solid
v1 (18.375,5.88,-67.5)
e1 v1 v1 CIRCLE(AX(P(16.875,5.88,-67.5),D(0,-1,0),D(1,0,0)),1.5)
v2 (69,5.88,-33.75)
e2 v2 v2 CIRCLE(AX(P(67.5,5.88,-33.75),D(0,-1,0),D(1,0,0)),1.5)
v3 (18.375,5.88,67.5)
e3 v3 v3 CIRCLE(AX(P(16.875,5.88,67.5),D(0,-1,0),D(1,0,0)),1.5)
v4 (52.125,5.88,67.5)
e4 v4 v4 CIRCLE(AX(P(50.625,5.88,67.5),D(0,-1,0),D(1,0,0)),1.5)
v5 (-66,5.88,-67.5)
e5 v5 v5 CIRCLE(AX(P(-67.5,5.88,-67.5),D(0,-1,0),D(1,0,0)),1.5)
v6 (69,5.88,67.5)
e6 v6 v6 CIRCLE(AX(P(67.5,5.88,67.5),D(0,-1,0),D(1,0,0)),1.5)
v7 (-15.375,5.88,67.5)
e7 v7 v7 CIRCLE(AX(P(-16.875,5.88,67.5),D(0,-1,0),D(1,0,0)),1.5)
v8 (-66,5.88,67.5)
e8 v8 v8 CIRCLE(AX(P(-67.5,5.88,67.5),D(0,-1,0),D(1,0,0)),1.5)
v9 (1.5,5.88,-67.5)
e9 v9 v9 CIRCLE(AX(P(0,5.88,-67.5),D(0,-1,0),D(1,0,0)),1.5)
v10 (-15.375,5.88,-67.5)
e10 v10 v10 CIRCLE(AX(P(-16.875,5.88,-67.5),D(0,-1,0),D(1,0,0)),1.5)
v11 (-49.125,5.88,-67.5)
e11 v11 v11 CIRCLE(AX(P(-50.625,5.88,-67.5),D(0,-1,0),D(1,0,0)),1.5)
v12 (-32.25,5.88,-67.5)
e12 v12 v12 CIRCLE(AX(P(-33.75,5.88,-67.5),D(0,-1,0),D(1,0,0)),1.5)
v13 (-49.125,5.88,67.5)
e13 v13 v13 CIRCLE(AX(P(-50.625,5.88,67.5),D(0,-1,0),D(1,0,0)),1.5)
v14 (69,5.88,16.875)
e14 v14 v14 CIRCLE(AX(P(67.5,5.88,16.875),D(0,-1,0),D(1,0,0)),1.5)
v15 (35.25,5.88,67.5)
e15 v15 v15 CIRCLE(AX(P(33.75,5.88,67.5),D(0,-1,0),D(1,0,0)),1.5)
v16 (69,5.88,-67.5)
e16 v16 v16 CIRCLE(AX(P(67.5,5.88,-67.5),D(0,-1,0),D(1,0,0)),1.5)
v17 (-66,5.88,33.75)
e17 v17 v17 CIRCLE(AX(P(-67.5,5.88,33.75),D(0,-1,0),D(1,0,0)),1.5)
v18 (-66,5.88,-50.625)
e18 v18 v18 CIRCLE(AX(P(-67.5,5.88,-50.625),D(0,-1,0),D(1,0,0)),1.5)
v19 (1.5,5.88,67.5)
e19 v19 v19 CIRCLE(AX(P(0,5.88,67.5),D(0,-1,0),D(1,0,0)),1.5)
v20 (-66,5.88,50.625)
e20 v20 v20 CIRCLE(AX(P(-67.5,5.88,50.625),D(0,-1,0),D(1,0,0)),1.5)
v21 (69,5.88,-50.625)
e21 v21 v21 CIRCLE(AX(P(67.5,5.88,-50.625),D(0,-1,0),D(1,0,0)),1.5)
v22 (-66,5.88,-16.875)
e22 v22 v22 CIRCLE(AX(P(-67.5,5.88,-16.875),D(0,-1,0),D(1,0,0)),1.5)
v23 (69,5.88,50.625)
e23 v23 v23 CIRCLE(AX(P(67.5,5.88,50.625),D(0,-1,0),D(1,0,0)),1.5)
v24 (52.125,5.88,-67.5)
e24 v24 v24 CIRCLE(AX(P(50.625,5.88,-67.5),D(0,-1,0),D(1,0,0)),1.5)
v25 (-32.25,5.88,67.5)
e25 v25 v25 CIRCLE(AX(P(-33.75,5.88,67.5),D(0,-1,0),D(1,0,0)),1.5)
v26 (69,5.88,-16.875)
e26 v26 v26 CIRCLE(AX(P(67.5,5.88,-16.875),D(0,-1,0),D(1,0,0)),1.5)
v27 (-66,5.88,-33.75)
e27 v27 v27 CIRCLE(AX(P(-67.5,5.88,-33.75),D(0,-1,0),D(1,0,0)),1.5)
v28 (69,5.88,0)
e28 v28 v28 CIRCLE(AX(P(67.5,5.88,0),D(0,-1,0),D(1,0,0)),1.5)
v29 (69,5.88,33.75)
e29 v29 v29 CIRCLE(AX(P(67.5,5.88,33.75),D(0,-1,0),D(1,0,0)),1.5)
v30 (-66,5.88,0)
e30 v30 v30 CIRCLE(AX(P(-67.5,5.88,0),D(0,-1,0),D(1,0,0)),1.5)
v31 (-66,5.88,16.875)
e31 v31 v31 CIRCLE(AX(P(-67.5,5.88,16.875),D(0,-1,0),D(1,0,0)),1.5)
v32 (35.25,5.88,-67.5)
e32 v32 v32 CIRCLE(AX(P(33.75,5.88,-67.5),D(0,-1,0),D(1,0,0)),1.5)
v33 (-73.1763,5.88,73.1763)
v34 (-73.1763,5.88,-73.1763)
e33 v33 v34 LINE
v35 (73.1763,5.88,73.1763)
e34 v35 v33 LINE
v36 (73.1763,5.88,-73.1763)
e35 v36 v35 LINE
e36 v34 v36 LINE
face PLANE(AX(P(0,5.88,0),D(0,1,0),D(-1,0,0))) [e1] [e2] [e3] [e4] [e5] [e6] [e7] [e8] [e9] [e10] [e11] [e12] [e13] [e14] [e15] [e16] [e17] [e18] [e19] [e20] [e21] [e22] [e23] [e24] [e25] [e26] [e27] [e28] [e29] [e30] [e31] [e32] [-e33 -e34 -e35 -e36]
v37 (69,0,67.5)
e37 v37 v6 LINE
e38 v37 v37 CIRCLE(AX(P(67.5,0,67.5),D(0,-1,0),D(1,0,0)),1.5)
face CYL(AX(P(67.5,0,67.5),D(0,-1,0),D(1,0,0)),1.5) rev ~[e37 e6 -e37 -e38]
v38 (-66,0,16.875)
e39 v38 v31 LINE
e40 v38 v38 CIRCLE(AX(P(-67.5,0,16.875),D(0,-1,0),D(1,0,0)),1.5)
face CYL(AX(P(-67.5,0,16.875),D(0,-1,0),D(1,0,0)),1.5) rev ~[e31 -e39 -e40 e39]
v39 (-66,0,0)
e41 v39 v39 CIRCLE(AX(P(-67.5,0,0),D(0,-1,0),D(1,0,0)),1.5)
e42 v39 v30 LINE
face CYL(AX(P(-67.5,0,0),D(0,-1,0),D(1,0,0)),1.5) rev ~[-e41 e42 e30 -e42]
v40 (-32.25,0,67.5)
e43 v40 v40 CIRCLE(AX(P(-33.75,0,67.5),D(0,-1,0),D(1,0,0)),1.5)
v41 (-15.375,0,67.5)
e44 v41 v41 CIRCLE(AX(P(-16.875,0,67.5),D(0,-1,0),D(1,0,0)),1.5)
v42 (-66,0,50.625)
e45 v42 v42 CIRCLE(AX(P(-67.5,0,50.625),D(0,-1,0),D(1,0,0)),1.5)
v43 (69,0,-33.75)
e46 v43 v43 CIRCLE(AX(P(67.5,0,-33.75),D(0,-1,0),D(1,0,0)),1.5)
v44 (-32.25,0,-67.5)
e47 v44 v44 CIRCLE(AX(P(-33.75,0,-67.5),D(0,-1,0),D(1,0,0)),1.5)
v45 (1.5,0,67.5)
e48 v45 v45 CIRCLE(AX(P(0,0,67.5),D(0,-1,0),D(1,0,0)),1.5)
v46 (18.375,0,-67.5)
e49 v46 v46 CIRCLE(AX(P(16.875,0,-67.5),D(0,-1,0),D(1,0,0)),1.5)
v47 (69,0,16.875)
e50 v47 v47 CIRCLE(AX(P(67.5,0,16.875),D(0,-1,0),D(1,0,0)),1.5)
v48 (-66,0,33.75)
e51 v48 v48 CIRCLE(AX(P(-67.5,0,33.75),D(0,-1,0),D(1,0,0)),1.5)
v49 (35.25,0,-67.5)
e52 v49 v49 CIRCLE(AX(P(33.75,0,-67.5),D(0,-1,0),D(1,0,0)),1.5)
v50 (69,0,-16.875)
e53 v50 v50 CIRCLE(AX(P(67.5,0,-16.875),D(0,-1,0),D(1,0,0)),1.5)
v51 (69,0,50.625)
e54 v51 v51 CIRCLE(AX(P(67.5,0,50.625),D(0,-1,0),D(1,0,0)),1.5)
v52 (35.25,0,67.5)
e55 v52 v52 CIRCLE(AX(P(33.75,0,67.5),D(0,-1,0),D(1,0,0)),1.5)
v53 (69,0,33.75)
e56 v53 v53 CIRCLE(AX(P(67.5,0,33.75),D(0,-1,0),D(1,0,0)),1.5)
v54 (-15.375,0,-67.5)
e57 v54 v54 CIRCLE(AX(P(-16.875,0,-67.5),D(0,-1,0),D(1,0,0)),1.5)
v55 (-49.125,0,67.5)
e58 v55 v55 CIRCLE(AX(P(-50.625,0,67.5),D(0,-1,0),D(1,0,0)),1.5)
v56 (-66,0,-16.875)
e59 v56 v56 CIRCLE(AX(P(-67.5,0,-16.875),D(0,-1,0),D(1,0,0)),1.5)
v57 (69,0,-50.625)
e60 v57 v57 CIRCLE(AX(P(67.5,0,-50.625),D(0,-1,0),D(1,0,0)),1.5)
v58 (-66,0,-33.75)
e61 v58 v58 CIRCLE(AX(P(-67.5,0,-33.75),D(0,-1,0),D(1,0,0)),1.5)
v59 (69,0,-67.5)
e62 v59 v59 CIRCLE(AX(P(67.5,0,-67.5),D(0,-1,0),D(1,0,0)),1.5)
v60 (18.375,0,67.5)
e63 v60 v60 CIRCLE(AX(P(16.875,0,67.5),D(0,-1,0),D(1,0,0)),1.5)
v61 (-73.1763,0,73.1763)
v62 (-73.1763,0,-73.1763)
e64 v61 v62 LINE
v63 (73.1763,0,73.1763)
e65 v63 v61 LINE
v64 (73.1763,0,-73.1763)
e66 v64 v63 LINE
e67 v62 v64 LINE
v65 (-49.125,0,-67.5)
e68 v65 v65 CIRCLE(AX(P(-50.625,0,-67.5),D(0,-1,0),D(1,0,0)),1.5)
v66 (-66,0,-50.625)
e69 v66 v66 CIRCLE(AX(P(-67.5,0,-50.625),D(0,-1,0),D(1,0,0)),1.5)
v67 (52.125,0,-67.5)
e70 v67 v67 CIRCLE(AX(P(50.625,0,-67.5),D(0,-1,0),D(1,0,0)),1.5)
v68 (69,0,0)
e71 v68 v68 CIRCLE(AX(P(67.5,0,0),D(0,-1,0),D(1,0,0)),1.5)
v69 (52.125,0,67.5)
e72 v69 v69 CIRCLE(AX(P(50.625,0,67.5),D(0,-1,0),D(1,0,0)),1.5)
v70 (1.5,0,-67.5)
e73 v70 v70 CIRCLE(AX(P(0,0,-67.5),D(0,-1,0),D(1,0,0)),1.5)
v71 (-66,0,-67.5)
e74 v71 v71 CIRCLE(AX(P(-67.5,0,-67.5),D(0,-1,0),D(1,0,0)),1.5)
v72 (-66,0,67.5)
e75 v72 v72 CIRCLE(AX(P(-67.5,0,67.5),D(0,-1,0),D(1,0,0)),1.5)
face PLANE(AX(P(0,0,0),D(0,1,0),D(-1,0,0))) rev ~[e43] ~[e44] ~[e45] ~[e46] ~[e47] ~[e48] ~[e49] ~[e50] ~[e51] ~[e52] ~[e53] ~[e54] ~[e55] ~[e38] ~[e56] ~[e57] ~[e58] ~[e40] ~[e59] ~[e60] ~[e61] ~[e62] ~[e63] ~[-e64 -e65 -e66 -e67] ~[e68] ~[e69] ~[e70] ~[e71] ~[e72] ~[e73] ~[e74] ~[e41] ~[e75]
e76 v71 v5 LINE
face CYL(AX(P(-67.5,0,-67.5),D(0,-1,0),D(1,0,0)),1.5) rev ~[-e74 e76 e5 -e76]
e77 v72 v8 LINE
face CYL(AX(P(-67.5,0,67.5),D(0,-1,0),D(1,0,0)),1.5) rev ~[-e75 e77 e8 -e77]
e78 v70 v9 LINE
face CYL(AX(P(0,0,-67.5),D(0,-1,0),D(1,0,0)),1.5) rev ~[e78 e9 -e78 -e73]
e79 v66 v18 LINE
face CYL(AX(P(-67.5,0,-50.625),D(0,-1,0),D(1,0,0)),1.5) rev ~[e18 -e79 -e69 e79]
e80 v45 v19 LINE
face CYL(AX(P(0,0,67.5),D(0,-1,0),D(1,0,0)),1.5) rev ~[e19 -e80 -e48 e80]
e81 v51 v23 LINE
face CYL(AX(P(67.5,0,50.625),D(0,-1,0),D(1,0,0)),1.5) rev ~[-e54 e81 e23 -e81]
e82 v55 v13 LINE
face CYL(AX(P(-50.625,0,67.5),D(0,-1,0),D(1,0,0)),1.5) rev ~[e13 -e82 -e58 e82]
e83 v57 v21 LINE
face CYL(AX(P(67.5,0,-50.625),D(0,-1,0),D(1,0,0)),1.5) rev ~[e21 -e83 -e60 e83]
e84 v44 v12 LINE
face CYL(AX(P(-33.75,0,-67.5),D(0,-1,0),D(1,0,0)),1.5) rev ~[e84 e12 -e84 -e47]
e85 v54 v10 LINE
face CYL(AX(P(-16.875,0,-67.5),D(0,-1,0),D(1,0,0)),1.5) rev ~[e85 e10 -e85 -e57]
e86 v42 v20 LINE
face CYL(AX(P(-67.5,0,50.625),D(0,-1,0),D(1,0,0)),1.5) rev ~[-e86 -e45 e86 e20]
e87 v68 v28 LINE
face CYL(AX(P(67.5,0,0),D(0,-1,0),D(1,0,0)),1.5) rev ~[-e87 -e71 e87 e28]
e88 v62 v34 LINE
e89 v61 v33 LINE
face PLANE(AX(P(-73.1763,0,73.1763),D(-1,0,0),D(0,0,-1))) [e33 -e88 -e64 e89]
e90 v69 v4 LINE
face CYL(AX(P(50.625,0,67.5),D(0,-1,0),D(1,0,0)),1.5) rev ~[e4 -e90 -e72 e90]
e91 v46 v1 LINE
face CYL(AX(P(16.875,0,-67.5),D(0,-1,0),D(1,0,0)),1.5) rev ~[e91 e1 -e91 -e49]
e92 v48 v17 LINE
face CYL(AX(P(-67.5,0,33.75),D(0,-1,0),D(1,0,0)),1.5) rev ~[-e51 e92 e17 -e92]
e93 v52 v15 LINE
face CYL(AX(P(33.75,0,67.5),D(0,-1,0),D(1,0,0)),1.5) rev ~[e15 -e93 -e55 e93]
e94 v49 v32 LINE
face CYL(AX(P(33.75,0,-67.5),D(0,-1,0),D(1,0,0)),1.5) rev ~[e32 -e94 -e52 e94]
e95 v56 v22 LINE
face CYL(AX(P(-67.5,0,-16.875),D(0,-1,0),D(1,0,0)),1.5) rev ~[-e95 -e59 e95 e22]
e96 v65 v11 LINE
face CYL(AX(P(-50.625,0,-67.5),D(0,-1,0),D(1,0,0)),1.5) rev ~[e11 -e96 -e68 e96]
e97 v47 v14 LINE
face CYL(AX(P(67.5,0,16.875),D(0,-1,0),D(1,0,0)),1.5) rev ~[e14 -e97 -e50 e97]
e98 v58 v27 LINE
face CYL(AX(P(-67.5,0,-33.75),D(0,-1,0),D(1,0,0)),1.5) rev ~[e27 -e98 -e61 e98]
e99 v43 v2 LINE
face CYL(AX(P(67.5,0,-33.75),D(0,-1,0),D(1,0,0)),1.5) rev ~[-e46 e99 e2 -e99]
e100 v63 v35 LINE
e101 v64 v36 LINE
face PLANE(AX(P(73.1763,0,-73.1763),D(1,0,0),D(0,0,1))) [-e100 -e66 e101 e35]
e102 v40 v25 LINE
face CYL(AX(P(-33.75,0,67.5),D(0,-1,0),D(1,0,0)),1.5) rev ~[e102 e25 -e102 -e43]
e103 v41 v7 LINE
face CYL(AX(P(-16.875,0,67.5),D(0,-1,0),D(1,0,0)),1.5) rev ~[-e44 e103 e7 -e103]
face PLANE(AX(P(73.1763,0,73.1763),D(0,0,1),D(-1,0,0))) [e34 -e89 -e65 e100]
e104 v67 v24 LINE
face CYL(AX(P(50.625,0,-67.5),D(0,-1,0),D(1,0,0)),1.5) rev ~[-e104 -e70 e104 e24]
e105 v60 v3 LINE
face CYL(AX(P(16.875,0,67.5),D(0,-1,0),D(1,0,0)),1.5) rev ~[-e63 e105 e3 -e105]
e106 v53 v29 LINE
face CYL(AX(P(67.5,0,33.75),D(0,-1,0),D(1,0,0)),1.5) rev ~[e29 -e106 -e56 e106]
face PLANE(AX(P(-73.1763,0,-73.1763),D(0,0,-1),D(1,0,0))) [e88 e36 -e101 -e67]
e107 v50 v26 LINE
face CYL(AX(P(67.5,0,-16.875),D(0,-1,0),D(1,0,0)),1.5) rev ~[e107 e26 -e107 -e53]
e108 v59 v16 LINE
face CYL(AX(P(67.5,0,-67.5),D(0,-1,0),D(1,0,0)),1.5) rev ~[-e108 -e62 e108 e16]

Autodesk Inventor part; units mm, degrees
ref_plane "YZ Plane" through (0, 0, 0) normal (1, 0, 0) x (0, 1, 0)
ref_plane "XZ Plane" through (0, 0, 0) normal (0, 1, 0) x (-1, 0, 0)
ref_plane "XY Plane" through (0, 0, 0) normal (0, 0, 1) x (1, 0, 0)
sketch "Sketch1" plane through (0, 0, 0) normal (0, 1, 0) x (-1, 0, 0)
  line L0 (-75, -75) -> (75, -75)
  line L1 (75, -75) -> (75, 75)
  line L2 (75, 75) -> (-75, 75)
  line L3 (-75, 75) -> (-75, -75)
  line L4 (-75, -75) -> (75, 75) construction
  line L5 (75, -75) -> (-75, 75) construction
  point P0 (0, 0)
  dimension "d0" = 150
  dimension "d1" = 150
extrude "Extrusion1" add sketch "Sketch1" along normal blind 5.88
sketch "Sketch2" plane through (0, 0, 0) normal (0, -1, 0) x (1, 0, 0)
  line L0 (75, -75) -> (-75, -75) projected
  line L1 (75, 75) -> (75, -75) projected
  line L2 (-75, 75) -> (75, 75) projected
  line L3 (-75, -75) -> (-75, 75) projected
  line L4 (-73.1763, -73.1763) -> (73.1763, -73.1763)
  line L5 (73.1763, -73.1763) -> (73.1763, 73.1763)
  line L6 (73.1763, 73.1763) -> (-73.1763, 73.1763)
  line L7 (-73.1763, 73.1763) -> (-73.1763, -73.1763)
  line L8 (-73.1763, -73.1763) -> (73.1763, 73.1763) construction
  line L9 (73.1763, -73.1763) -> (-73.1763, 73.1763) construction
  line L10 (-60, -60) -> (60, -60)
  line L11 (60, -60) -> (60, 60)
  line L12 (60, 60) -> (-60, 60)
  line L13 (-60, 60) -> (-60, -60)
  line L14 (-60, -60) -> (60, 60) construction
  line L15 (60, -60) -> (-60, 60) construction
  circle A0 centre (-67.5, 67.5) radius 1.5
  circle A1 centre (-50.625, 67.5) radius 1.5
  circle A2 centre (-33.75, 67.5) radius 1.5
  circle A3 centre (-16.875, 67.5) radius 1.5
  circle A4 centre (0, 67.5) radius 1.5
  circle A5 centre (16.875, 67.5) radius 1.5
  circle A6 centre (33.75, 67.5) radius 1.5
  circle A7 centre (50.625, 67.5) radius 1.5
  circle A8 centre (67.5, 67.5) radius 1.5
  circle A9 centre (-67.5, 50.625) radius 1.5
  circle A10 centre (-50.625, 50.625) radius 1.5
  circle A11 centre (-33.75, 50.625) radius 1.5
  circle A12 centre (-16.875, 50.625) radius 1.5
  circle A13 centre (0, 50.625) radius 1.5
  circle A14 centre (16.875, 50.625) radius 1.5
  circle A15 centre (33.75, 50.625) radius 1.5
  circle A16 centre (50.625, 50.625) radius 1.5
  circle A17 centre (67.5, 50.625) radius 1.5
  circle A18 centre (-67.5, 33.75) radius 1.5
  circle A19 centre (-50.625, 33.75) radius 1.5
  circle A20 centre (-33.75, 33.75) radius 1.5
  circle A21 centre (-16.875, 33.75) radius 1.5
  circle A22 centre (0, 33.75) radius 1.5
  circle A23 centre (16.875, 33.75) radius 1.5
  circle A24 centre (33.75, 33.75) radius 1.5
  circle A25 centre (50.625, 33.75) radius 1.5
  circle A26 centre (67.5, 33.75) radius 1.5
  circle A27 centre (-67.5, 16.875) radius 1.5
  circle A28 centre (-50.625, 16.875) radius 1.5
  circle A29 centre (-33.75, 16.875) radius 1.5
  circle A30 centre (-16.875, 16.875) radius 1.5
  circle A31 centre (0, 16.875) radius 1.5
  circle A32 centre (16.875, 16.875) radius 1.5
  circle A33 centre (33.75, 16.875) radius 1.5
  circle A34 centre (50.625, 16.875) radius 1.5
  circle A35 centre (67.5, 16.875) radius 1.5
  circle A36 centre (-67.5, 0) radius 1.5
  circle A37 centre (-50.625, 0) radius 1.5
  circle A38 centre (-33.75, 0) radius 1.5
  circle A39 centre (-16.875, 0) radius 1.5
  circle A40 centre (0, 0) radius 1.5
  circle A41 centre (16.875, 0) radius 1.5
  circle A42 centre (33.75, 0) radius 1.5
  circle A43 centre (50.625, 0) radius 1.5
  circle A44 centre (67.5, 0) radius 1.5
  circle A45 centre (-67.5, -16.875) radius 1.5
  circle A46 centre (-50.625, -16.875) radius 1.5
  circle A47 centre (-33.75, -16.875) radius 1.5
  circle A48 centre (-16.875, -16.875) radius 1.5
  circle A49 centre (0, -16.875) radius 1.5
  circle A50 centre (16.875, -16.875) radius 1.5
  circle A51 centre (33.75, -16.875) radius 1.5
  circle A52 centre (50.625, -16.875) radius 1.5
  circle A53 centre (67.5, -16.875) radius 1.5
  circle A54 centre (-67.5, -33.75) radius 1.5
  circle A55 centre (-50.625, -33.75) radius 1.5
  circle A56 centre (-33.75, -33.75) radius 1.5
  circle A57 centre (-16.875, -33.75) radius 1.5
  circle A58 centre (0, -33.75) radius 1.5
  circle A59 centre (16.875, -33.75) radius 1.5
  circle A60 centre (33.75, -33.75) radius 1.5
  circle A61 centre (50.625, -33.75) radius 1.5
  circle A62 centre (67.5, -33.75) radius 1.5
  circle A63 centre (-67.5, -50.625) radius 1.5
  circle A64 centre (-50.625, -50.625) radius 1.5
  circle A65 centre (-33.75, -50.625) radius 1.5
  circle A66 centre (-16.875, -50.625) radius 1.5
  circle A67 centre (0, -50.625) radius 1.5
  circle A68 centre (16.875, -50.625) radius 1.5
  circle A69 centre (33.75, -50.625) radius 1.5
  circle A70 centre (50.625, -50.625) radius 1.5
  circle A71 centre (67.5, -50.625) radius 1.5
  circle A72 centre (-67.5, -67.5) radius 1.5
  circle A73 centre (-50.625, -67.5) radius 1.5
  circle A74 centre (-33.75, -67.5) radius 1.5
  circle A75 centre (-16.875, -67.5) radius 1.5
  circle A76 centre (0, -67.5) radius 1.5
  circle A77 centre (16.875, -67.5) radius 1.5
  circle A78 centre (33.75, -67.5) radius 1.5
  circle A79 centre (50.625, -67.5) radius 1.5
  circle A80 centre (67.5, -67.5) radius 1.5
  point P0 (0, 0)
  dimension "d4" = 146.3526
  dimension "d5" = 146.3526
  dimension "d6" = 120
  dimension "d7" = 120
  dimension "d8" = 3
  dimension "d9" = 7.5
  dimension "d10" = 7.5
  dimension "d13" = 16.875
  dimension "d16" = 16.875
extrude "Extrusion2" cut sketch "Sketch2" against normal up to next contours L0 L3 L2 L1 | A0 | A1 | A2 | A3 | A4 | A5 | A6 | A7 | A8 | A9 | A17 | A18 | A26 | A27 | A35 | A36 | A44 | A45 | A53 | A54 | A62 | A63 | A71 | A72 | A73 | A74 | A75 | A76 | A77 | A78 | A79 | A80
equation "\"d0\" = tray_x"
equation "\"d1\" = tray_y"
equation "\"d2\" = tray_t"
equation "\"d4\" = tray_x - 4 * reservoir_t"
equation "\"d5\" = tray_y - 4 * reservoir_t"
equation "\"d6\" = reservoir_opening_x"
equation "\"d7\" = reservoir_opening_y"
equation "\"d8\" = m3_diameter"
equation "\"d9\" = -0.25 * reservoir_opening_y + 0.25 * reservoir_y"
equation "\"d10\" = -0.25 * reservoir_opening_x + 0.25 * reservoir_x"
equation "\"d13\" = 0.0625 * reservoir_opening_x + 0.0625 * reservoir_x"
equation "\"d16\" = 0.0625 * reservoir_opening_y + 0.0625 * reservoir_y"
equation "\"laserresin\" = 5"
equation "\"st1_thickness\" = 0.91186"
equation "\"st2_thickness\" = 1.5875"
equation "\"al1_thickness\" = 0.79375"
equation "\"al2_thickness\" = 1.5875"
equation "\"bend_factor\" = 2.26205"
equation "\"st1_bend\" = 2.06267"
equation "\"st2_bend\" = 3.591"
equation "\"st3_bend\" = 113.10236"
equation "\"al1_bend\" = 1.7955"
equation "\"al2_bend\" = 3.591"
equation "\"al3_bend\" = 113.10236"
equation "\"acrylic1_thickness\" = 5.88"
equation "\"acrylic2_thickness\" = 3.15"
equation "\"acrylic3_thickness\" = 3.15"
equation "\"nema17_x\" = 43"
equation "\"switch_spacing\" = 19"
equation "\"laser_body_diameter\" = 12"
equation "\"m3_diameter\" = 3"
equation "\"m3_head\" = 6"
equation "\"m4_diameter\" = 4"
equation "\"m5_diameter\" = 5"
equation "\"m5_head\" = 10.3"
equation "\"rivet_diameter\" = 3.3"
equation "\"brass_insert_drill\" = 4"
equation "\"m5_brass_insert_drill\" = 6.7"
equation "\"m3_press_nut_drill\" = 4.5"
equation "\"m5_press_nut_drill\" = 6.5"
equation "\"linear_bearing_spacing\" = 208"
equation "\"platform_t\" = 1.5875"
equation "\"platform_z\" = 65"
equation "\"platform_fold_x\" = 15"
equation "\"platform_crane_gap\" = 0.1"
equation "\"platform_upper_y\" = 46.625"
equation "\"crane_t\" = 1.5875"
equation "\"crane_x\" = 233"
equation "\"crane_gap\" = 0.1"
equation "\"tray_t\" = 5.88"
equation "\"tray_x\" = 150"
equation "\"tray_y\" = 150"
equation "\"reservoir_t\" = 0.91186"
equation "\"reservoir_z\" = 35"
equation "\"frame_front_t\" = 0.91186"
equation "\"frame_front_y\" = 56"
equation "\"frame_gap\" = 0.1"
equation "\"frame_back_t\" = 0.91186"
equation "\"frame_back_x\" = 277.97628"
equation "\"frame_back_y\" = 53.97628"
equation "\"frame_back_z\" = 497.97628"
equation "\"drawer_t\" = 0.91186"
equation "\"drawer_x\" = 202.02372"
equation "\"drawer_y\" = 73"
equation "\"dawer_top_y\" = 0"
equation "\"foot_t\" = 0.91186"
equation "\"foot_x\" = 198"
equation "\"foot_y\" = 196"
equation "\"reservoir_opening_y\" = 120"
equation "\"reservoir_opening_x\" = 120"
equation "\"nema17_shaft\" = 24"
equation "\"drawer_window_gap\" = 6"
equation "\"reservoir_flap_y\" = 20.91186"
equation "\"drawer_seal_y\" = 101"
equation "\"drawer_gap\" = 0.1"
equation "\"tray_to_platform_oversize\" = 0"
equation "\"lmk8uu_shaft\" = 15"
equation "\"lmk8uu_x\" = 25"
equation "\"lmk8uu_z\" = 24"
equation "\"drawer_reservoir_overlap_x\" = 24.08814"
equation "\"frame_front_fold\" = 15"
equation "\"shf8_y\" = 43"
equation "\"acme_nut_d\" = 19.1"
equation "\"acme_nut_upper_d\" = 12.7"
equation "\"handle_spacing\" = 50.8"
equation "\"handle_projection\" = 20.6375"
equation "\"handle_hole_d\" = 2.845"
equation "\"handle_d\" = 4.7625"
equation "\"laser_offset_x\" = 59"
equation "\"laser_holder_z\" = 75"
equation "\"laser_holder_t\" = 0.91186"
equation "\"subframe_y\" = 55"
equation "\"subframe_t\" = 0.79375"
equation "\"subframe_x\" = 66"
equation "\"laser_offset_y\" = 8.5"
equation "\"galvo_y_in_offset\" = 17.5"
equation "\"galvo_y_out_offset\" = 27"
equation "\"laser_diameter\" = 13"
equation "\"corner_big_r\" = 5"
equation "\"corner_small_r\" = 1"
equation "\"rivet2_diameter\" = 3.26"
equation "\"rivet1_diameter\" = 3.26"
equation "\"platform_gap\" = 0.1"
equation "\"shield_z\" = 259.9"
equation "\"shield_x\" = 200.2"
equation "\"shield_y\" = 71"
equation "\"shield_t\" = 3.15"
equation "\"magnet_t\" = 1.6"
equation "\"magnet_w\" = 12.8"
equation "\"sae_4_40_diameter\" = 2.845"
equation "\"reservoir_y\" = 150"
equation "\"reservoir_x\" = 150"
properties part number "tray"
